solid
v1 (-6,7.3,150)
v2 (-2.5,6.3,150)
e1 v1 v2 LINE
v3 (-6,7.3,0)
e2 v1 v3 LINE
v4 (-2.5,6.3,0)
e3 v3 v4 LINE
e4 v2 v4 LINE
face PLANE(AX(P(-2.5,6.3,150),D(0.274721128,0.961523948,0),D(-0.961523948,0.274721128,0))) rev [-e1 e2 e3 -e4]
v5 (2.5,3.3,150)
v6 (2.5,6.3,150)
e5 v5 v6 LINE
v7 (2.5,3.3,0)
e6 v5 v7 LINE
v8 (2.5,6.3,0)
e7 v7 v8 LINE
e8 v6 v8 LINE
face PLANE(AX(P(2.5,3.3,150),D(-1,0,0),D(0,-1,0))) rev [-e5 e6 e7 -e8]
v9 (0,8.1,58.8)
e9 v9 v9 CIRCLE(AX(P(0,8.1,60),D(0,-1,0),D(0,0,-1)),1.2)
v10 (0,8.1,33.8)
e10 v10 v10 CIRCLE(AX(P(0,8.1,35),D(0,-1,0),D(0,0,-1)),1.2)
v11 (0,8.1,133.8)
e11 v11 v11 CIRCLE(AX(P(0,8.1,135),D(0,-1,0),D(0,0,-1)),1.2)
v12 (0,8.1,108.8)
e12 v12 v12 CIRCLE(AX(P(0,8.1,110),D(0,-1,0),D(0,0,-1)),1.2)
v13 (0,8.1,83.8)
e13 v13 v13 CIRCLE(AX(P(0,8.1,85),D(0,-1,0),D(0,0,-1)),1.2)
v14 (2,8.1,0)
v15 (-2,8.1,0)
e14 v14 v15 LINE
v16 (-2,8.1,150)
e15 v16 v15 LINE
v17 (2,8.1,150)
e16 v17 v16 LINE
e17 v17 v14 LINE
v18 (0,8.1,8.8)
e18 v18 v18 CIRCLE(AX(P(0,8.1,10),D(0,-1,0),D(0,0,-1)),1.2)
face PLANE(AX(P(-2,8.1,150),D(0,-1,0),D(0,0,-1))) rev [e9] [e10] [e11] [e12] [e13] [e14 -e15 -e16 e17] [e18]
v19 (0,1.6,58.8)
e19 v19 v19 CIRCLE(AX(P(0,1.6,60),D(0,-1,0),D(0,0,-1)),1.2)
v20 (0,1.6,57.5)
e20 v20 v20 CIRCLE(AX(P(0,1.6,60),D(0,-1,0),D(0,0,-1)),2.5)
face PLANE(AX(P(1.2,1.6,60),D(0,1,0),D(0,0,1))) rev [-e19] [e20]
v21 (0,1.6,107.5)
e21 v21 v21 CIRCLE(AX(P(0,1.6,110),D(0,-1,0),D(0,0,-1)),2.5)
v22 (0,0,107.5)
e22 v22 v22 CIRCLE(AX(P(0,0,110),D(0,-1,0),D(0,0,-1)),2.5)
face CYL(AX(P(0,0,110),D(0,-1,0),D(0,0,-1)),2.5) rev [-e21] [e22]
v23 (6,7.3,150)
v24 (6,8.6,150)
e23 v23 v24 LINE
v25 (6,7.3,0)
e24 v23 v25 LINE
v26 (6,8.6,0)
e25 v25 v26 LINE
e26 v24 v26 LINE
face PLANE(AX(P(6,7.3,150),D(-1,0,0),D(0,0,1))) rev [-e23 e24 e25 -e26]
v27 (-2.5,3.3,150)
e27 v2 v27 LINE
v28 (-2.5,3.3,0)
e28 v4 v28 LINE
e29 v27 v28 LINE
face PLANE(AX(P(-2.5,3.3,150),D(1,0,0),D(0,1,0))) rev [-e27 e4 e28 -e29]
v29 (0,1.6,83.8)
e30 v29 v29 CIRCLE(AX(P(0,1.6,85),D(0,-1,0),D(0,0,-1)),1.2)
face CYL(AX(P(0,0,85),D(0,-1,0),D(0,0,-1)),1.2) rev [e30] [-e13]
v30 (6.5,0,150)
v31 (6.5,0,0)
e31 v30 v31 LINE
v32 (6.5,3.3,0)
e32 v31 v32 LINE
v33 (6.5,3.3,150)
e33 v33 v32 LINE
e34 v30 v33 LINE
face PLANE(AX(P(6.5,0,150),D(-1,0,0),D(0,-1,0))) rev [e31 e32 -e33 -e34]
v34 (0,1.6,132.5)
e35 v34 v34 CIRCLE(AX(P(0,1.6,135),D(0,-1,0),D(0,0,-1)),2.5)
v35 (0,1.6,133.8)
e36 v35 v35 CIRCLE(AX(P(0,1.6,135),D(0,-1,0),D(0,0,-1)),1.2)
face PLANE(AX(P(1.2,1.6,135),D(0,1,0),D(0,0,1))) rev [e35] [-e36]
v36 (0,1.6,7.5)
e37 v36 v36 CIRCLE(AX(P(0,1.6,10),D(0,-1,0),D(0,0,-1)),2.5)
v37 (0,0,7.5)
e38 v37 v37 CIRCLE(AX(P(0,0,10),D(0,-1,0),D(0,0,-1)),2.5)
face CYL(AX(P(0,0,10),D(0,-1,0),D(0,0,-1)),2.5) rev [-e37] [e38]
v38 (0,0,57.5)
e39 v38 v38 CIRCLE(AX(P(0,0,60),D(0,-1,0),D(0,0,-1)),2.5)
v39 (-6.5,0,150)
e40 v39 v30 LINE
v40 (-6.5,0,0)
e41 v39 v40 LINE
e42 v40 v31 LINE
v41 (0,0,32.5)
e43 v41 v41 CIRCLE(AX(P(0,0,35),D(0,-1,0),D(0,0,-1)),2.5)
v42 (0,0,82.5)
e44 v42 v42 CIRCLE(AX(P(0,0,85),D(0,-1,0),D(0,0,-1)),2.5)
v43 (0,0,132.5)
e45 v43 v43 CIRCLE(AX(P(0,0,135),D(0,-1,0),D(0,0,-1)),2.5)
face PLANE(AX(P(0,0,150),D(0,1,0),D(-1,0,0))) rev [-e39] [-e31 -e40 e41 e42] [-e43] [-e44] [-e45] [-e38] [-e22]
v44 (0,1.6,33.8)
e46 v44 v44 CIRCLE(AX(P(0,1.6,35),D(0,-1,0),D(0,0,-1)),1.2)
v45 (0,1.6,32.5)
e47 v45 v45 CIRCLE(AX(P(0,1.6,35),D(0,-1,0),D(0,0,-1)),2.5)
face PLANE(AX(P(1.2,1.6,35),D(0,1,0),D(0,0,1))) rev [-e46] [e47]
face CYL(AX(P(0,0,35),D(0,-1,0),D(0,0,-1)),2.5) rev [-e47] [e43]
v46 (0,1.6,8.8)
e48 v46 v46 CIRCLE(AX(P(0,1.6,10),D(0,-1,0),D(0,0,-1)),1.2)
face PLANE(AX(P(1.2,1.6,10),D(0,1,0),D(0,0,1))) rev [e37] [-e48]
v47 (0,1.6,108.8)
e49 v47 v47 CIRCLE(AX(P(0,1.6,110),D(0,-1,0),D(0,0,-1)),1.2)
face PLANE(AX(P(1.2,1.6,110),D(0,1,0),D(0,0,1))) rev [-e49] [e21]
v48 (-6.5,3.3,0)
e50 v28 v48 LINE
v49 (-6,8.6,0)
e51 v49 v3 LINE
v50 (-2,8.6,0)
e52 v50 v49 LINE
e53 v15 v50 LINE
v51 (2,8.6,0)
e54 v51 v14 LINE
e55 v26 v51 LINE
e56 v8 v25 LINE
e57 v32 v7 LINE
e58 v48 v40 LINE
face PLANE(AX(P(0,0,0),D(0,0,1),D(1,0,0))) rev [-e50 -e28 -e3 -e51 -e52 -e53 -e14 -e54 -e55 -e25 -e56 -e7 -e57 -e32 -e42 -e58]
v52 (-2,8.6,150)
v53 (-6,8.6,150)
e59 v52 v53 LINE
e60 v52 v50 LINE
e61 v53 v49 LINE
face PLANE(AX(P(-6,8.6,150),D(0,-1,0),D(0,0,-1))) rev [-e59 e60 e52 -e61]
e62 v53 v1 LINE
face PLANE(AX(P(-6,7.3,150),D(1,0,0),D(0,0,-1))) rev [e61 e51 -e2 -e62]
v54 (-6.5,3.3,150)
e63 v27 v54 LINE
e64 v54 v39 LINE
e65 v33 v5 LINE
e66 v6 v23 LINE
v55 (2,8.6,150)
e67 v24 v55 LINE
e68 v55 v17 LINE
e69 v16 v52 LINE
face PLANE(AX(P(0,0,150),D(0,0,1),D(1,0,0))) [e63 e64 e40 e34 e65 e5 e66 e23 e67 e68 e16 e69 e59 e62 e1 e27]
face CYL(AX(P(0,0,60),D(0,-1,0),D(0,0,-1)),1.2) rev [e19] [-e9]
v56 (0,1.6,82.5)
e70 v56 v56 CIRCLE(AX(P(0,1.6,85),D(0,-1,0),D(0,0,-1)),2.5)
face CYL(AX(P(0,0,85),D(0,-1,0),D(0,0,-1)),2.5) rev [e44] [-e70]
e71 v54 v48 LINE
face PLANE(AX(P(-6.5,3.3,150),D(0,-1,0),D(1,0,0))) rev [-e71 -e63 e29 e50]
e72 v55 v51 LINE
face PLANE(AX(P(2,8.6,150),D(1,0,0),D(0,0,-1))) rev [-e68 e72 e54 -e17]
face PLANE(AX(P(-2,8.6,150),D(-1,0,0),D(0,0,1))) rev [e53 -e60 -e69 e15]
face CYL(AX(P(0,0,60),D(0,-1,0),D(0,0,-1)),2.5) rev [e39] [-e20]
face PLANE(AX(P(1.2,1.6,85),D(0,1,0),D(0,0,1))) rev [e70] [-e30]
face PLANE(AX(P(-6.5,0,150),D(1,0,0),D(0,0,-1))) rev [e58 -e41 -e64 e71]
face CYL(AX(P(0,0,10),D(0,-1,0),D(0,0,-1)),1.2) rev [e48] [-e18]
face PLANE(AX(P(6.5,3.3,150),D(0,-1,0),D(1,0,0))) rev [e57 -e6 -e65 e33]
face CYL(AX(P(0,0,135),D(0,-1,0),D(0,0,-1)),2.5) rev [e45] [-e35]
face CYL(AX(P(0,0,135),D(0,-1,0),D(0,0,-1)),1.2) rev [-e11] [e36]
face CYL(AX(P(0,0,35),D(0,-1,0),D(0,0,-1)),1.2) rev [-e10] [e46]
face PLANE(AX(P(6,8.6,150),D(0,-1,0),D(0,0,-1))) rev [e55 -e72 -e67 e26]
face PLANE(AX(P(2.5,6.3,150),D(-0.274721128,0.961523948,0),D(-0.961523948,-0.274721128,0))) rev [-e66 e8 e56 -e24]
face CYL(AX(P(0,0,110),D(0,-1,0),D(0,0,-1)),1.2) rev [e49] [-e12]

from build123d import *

# Parameters (mm, degrees)
AUFSATZ_LINEAR_AUSTRAGEN1_DEPTH                      = 150
STIRNSENKUNG_F_R_M2_FLACHKOPFSCHRAUBE_MI_D           = 2.4
STIRNSENKUNG_F_R_M2_FLACHKOPFSCHRAUBE_MI_CBORE_D     = 5
STIRNSENKUNG_F_R_M2_FLACHKOPFSCHRAUBE_MI_CBORE_DEPTH = 1.6


with BuildPart() as part:
    # Skizze1 → Aufsatz-Linear austragen1 (new body)
    with BuildSketch(Plane.XY):
        Polygon((0, 0), (-6.5, 0), (-6.5, 3.3), (-2.5, 3.3), (-2.5, 6.3), (-6, 7.3), (-6, 8.6), (-2, 8.6), (-2, 8.1), (2, 8.1), (2, 8.6), (6, 8.6), (6, 7.3), (2.5, 6.3), (2.5, 3.3), (6.5, 3.3), (6.5, 0), align=None)
    extrude(amount=AUFSATZ_LINEAR_AUSTRAGEN1_DEPTH)

    # Stirnsenkung für M2 Flachkopfschraube mit Schlitz1 (through all)
    with Locations(Plane(origin=(0, 0, 0), x_dir=(-1, 0, 0), z_dir=(0, -1, 0))):
        with Locations((0, -85), (0, -60), (0, -35), (0, -10), (0, -110), (0, -135)):
            CounterBoreHole(STIRNSENKUNG_F_R_M2_FLACHKOPFSCHRAUBE_MI_D / 2, STIRNSENKUNG_F_R_M2_FLACHKOPFSCHRAUBE_MI_CBORE_D / 2, STIRNSENKUNG_F_R_M2_FLACHKOPFSCHRAUBE_MI_CBORE_DEPTH)


solid = part.part
